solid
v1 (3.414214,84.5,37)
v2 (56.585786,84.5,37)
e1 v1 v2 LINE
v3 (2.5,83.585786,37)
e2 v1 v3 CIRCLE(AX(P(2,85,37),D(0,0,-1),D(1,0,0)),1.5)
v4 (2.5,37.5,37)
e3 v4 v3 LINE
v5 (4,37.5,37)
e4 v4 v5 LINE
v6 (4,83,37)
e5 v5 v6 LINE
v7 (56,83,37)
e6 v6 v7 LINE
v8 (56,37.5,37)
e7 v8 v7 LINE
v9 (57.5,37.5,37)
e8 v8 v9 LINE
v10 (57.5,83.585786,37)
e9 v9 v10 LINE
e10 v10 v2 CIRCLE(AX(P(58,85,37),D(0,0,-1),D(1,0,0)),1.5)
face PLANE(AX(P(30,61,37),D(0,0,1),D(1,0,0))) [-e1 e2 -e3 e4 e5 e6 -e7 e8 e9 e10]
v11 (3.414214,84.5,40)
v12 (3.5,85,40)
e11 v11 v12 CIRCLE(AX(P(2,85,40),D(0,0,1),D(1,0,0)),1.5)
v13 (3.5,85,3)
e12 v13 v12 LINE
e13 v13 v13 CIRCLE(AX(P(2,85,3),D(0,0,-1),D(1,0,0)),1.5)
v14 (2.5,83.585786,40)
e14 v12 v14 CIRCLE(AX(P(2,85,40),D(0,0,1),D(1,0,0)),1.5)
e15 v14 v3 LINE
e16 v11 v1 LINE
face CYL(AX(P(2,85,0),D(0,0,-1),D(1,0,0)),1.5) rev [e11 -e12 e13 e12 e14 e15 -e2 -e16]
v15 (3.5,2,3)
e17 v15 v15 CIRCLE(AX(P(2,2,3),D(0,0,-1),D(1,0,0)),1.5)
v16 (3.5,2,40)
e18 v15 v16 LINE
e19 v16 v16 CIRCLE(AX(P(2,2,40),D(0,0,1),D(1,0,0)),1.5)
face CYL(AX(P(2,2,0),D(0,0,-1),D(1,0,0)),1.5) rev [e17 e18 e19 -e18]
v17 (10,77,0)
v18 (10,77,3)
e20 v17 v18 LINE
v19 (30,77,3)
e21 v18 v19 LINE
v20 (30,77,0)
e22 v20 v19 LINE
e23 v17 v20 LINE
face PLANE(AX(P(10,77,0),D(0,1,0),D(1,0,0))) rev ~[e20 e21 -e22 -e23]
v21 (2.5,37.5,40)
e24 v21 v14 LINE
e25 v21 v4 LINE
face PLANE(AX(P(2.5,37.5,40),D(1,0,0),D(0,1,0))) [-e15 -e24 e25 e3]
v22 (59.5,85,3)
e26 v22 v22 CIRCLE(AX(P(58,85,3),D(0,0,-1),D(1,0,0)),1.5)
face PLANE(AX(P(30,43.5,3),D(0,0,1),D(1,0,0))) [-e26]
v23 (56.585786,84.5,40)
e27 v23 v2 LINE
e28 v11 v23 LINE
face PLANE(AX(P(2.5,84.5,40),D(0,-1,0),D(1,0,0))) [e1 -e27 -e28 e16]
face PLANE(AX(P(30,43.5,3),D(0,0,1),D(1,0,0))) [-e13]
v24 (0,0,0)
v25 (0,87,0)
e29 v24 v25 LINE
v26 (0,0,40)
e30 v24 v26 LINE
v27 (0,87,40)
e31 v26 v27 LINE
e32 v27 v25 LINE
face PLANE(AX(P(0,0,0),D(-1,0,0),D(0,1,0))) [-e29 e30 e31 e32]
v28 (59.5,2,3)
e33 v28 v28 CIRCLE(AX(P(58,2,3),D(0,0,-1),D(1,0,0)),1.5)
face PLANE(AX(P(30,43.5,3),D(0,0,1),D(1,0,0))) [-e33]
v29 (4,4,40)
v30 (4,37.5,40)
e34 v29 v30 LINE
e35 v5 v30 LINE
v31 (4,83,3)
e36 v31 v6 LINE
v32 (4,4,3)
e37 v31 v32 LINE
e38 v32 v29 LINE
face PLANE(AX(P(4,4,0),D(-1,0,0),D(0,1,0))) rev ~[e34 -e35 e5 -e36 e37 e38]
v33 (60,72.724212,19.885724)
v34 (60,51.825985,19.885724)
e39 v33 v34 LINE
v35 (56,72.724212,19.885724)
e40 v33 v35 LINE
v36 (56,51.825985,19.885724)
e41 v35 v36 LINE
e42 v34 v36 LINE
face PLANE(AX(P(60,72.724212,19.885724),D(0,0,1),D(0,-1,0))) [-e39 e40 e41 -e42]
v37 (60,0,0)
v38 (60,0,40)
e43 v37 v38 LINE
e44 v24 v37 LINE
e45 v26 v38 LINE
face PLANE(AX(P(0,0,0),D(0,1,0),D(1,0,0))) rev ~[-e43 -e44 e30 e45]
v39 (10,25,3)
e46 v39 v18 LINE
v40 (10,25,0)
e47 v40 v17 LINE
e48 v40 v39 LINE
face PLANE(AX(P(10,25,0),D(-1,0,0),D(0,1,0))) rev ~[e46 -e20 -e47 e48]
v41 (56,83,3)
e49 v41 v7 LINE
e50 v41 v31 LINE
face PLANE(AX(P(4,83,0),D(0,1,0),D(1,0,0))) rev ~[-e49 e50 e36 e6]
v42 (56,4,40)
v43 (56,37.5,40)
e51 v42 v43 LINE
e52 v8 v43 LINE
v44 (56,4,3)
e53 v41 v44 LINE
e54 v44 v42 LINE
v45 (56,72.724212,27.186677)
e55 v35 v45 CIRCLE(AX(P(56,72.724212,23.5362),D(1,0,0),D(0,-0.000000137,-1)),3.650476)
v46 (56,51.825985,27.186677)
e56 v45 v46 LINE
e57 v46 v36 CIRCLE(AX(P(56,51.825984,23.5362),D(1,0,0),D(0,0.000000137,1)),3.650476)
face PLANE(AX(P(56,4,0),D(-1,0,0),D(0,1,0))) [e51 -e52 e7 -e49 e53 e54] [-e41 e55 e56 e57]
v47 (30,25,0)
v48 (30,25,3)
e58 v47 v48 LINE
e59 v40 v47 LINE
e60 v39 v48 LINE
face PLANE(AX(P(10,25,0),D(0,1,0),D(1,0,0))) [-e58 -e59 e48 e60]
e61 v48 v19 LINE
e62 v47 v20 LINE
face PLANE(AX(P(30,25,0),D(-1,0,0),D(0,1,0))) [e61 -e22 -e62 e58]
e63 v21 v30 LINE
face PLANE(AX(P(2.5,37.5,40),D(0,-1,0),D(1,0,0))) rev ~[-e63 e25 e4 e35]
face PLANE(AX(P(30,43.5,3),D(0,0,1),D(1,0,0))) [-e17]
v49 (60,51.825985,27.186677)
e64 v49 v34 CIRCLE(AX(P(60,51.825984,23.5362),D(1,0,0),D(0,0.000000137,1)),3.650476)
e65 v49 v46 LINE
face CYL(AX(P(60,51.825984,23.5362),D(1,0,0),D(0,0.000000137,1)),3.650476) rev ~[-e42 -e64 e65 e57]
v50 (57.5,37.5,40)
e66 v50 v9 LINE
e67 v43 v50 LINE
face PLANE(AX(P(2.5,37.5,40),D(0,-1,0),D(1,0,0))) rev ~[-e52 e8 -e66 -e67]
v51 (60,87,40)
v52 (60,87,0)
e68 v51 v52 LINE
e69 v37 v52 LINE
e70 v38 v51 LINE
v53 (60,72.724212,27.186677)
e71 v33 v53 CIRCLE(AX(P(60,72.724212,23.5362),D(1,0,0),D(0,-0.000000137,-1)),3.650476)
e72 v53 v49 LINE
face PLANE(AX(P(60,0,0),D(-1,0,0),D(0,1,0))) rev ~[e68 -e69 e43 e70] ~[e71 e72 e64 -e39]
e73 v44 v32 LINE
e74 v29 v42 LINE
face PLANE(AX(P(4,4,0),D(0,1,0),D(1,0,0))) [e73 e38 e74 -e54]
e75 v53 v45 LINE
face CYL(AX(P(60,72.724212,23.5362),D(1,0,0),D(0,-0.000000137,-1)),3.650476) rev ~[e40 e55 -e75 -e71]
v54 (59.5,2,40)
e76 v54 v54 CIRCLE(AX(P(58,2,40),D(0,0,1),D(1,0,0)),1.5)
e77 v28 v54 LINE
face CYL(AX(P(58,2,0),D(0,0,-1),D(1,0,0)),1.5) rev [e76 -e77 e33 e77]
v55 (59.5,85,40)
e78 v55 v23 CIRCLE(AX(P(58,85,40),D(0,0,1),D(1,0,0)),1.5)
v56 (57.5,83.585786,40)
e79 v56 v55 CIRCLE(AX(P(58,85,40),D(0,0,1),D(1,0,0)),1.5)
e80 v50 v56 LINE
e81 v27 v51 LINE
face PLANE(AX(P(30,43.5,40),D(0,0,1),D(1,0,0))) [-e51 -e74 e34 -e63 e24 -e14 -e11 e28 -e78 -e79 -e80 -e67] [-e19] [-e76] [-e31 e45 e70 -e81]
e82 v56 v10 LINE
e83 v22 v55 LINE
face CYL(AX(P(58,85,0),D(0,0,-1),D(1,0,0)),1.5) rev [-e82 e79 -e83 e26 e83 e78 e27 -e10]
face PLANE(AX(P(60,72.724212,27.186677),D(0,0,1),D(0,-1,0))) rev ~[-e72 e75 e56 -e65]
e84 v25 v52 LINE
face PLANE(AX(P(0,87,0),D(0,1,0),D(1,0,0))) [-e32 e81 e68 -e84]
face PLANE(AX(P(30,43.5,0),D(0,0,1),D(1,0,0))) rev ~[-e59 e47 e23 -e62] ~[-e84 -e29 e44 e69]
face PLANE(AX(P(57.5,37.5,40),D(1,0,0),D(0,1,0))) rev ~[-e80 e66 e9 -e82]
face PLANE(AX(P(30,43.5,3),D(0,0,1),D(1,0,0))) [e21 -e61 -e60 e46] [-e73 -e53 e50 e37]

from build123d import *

# Parameters (mm, degrees)
SKETCH_W        = 60
SKETCH_H        = 87
SKETCH_W_2      = 20
SKETCH_H_2      = 52
PAD_DEPTH       = 3
SKETCH001_W     = 60
SKETCH001_H     = 87
SKETCH001_R     = 1.5
SKETCH001_W_2   = 52
SKETCH001_H_2   = 79
PAD001_DEPTH    = 40
SKETCH002_W     = 55
SKETCH002_H     = 47
POCKET_DEPTH    = 3
POCKET001_DEPTH = 4


with BuildPart() as part:
    # Sketch → Pad (new body)
    with BuildSketch(Plane.XY):
        with Locations((30, 43.5)):
            Rectangle(SKETCH_W, SKETCH_H)
        with Locations((20, 51)):
            Rectangle(SKETCH_W_2, SKETCH_H_2, mode=Mode.SUBTRACT)
    extrude(amount=PAD_DEPTH)

    # Sketch001 (on Pad) → Pad001 (join)
    with BuildSketch(Plane.XY):
        with Locations((30, 43.5)):
            Rectangle(SKETCH001_W, SKETCH001_H)
        with Locations((2, 2)):
            Circle(SKETCH001_R, mode=Mode.SUBTRACT)
        with Locations((58, 2)):
            Circle(SKETCH001_R, mode=Mode.SUBTRACT)
        with Locations((2, 85)):
            Circle(SKETCH001_R, mode=Mode.SUBTRACT)
        with Locations((58, 85)):
            Circle(SKETCH001_R, mode=Mode.SUBTRACT)
        with Locations((30, 43.5)):
            Rectangle(SKETCH001_W_2, SKETCH001_H_2, mode=Mode.SUBTRACT)
    extrude(amount=PAD001_DEPTH)

    # Sketch002 (on Face20 of Pad001) → Pocket (cut)
    with BuildSketch(Plane.XY.offset(40)):
        with Locations((30, 61)):
            Rectangle(SKETCH002_W, SKETCH002_H)
    extrude(amount=-POCKET_DEPTH, mode=Mode.SUBTRACT)

    # Sketch003 (on Face26 of Pocket) → Pocket001 (cut)
    with BuildSketch(Plane.YZ.offset(60)):
        with BuildLine():
            ThreePointArc((72.724212, 19.885724), (76.374689, 23.536201), (72.724212, 27.186677))
            Line((72.724212, 27.186677), (51.825985, 27.186677))
            ThreePointArc((51.825985, 27.186677), (48.175508, 23.536201), (51.825985, 19.885724))
            Line((72.724212, 19.885724), (51.825985, 19.885724))
        make_face()
    extrude(amount=-POCKET001_DEPTH, mode=Mode.SUBTRACT)


solid = part.part
